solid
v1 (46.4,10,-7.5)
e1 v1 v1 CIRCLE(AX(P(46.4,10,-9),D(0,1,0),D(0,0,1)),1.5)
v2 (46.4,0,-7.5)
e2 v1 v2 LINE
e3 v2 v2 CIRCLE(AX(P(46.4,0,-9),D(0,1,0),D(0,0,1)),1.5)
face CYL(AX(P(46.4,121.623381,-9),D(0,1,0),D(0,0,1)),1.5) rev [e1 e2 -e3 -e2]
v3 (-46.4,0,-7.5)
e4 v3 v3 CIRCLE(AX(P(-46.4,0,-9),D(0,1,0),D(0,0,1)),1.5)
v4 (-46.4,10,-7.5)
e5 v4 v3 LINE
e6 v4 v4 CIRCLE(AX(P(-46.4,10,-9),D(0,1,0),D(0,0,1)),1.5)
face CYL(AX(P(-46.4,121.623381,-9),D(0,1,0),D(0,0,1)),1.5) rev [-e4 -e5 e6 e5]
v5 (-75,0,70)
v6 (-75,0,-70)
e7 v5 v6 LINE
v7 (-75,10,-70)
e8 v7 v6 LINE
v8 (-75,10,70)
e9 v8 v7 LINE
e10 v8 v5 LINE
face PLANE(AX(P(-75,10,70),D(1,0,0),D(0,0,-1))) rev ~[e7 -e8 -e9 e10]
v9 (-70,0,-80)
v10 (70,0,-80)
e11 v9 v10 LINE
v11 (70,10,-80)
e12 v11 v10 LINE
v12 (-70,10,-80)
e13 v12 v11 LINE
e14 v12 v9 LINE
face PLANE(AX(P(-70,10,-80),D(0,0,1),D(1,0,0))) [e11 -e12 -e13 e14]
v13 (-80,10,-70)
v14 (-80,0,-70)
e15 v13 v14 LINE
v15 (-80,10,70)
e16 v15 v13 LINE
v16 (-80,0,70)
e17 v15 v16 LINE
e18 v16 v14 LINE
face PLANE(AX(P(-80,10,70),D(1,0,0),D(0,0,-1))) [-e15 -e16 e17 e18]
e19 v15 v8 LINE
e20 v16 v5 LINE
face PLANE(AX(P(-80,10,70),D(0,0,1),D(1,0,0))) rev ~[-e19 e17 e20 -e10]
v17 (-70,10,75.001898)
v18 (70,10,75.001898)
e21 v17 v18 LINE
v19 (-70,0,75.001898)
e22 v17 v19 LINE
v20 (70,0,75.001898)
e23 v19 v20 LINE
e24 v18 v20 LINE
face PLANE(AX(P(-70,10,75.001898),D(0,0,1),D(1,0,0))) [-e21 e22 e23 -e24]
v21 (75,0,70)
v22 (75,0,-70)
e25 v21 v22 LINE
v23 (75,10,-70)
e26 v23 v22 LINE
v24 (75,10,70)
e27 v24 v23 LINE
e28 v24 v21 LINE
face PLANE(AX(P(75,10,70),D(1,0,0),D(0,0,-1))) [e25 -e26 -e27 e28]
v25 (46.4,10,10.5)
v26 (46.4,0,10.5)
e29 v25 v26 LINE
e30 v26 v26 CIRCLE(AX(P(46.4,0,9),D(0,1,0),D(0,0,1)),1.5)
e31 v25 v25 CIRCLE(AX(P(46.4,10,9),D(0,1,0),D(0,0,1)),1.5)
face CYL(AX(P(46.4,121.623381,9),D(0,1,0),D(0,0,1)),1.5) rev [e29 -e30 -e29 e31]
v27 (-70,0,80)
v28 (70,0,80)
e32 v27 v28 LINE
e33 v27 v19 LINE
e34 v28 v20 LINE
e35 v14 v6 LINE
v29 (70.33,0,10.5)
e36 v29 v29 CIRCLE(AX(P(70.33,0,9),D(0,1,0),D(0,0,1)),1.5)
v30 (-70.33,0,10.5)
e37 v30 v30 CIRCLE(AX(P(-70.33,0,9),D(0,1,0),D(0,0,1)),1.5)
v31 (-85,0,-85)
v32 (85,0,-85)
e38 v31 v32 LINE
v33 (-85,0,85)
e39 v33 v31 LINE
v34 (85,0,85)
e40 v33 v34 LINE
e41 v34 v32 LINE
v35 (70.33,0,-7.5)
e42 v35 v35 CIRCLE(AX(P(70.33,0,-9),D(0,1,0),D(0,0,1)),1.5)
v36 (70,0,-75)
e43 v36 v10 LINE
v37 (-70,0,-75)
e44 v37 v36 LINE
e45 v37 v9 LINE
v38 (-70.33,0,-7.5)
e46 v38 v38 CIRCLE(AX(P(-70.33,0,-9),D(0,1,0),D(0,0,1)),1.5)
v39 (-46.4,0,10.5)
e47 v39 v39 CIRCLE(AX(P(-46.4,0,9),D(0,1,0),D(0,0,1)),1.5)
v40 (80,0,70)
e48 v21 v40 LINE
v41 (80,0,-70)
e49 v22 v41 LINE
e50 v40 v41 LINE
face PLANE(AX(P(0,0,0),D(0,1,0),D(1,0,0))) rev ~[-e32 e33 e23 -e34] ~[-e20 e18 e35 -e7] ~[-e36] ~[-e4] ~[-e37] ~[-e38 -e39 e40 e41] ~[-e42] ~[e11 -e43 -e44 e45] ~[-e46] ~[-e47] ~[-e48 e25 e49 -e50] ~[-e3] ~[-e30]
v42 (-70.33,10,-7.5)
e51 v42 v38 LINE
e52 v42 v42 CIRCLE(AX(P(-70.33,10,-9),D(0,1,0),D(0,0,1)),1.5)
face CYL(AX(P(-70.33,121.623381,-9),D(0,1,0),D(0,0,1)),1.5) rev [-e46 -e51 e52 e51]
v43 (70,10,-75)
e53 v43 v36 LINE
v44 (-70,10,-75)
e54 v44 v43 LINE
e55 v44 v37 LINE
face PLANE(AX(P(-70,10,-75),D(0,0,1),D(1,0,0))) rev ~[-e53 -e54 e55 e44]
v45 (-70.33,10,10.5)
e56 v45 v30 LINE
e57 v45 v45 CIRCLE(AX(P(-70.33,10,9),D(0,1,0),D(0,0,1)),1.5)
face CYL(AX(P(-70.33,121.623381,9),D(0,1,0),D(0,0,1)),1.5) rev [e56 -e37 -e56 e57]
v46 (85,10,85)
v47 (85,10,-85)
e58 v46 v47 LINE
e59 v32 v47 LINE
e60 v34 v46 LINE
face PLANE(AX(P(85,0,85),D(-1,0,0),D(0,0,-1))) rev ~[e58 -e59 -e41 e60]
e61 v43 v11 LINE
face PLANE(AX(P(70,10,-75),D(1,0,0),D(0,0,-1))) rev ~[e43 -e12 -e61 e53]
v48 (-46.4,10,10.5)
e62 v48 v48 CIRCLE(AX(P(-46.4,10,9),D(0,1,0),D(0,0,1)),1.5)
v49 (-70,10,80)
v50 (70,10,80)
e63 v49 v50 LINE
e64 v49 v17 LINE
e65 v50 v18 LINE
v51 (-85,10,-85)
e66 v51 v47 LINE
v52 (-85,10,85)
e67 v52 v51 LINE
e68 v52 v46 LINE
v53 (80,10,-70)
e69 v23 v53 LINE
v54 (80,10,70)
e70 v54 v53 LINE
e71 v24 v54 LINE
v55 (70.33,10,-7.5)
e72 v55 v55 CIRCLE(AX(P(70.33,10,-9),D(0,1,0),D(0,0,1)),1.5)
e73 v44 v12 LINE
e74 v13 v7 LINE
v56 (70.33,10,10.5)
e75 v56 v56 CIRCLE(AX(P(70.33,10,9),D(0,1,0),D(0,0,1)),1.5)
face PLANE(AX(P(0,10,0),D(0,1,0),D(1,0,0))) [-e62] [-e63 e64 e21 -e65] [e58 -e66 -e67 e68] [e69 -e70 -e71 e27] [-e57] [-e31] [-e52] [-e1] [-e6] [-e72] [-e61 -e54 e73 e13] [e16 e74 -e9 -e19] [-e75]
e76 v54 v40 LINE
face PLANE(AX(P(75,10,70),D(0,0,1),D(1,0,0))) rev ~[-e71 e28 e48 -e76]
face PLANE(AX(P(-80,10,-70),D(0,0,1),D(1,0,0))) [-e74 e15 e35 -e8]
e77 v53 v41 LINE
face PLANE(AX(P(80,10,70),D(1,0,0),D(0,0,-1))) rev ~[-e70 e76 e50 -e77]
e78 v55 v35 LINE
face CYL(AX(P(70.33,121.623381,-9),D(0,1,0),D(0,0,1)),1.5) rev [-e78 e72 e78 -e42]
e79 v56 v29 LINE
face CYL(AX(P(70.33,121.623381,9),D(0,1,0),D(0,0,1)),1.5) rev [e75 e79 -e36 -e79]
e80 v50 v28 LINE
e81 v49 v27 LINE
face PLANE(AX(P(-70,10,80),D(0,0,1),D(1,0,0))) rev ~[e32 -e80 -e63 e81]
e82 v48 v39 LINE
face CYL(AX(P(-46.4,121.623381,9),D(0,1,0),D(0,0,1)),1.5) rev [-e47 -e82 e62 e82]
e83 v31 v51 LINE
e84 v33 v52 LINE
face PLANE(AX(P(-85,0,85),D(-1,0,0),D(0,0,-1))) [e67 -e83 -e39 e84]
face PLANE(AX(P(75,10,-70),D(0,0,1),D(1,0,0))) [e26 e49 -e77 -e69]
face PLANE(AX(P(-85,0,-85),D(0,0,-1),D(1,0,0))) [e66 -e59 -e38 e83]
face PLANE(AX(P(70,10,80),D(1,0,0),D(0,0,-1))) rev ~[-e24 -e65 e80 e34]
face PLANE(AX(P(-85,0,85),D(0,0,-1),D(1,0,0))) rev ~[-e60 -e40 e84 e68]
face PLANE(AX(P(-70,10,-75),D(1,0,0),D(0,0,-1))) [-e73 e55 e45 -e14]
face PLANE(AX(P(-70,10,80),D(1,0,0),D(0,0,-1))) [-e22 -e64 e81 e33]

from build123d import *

# Parameters (mm, degrees)
SKETCH2_W               = 170
SKETCH2_H               = 170
BOSS_EXTRUDE1_DEPTH     = 10
SKETCH3_W               = 5
SKETCH3_H               = 140
SKETCH3_W_2             = 140
SKETCH3_H_2             = 4.998101886
SKETCH3_H_3             = 5
CUT_EXTRUDE1_DEPTH      = 10
CUT_EXTRUDE2_DEPTH      = 121.623380818
CUT_EXTRUDE2_DEPTH_BACK = 121.623380818
SKETCH4_R               = 1.5


with BuildPart() as part:
    # Sketch2 → Boss-Extrude1 (new body)
    with BuildSketch(Plane(origin=(0, 0, 0), x_dir=(1, 0, 0), z_dir=(0, 1, 0))):
        Rectangle(SKETCH2_W, SKETCH2_H)
    extrude(amount=BOSS_EXTRUDE1_DEPTH)

    # Sketch3 → Cut-Extrude1 (cut)
    with BuildSketch(Plane(origin=(0, 10, 0), x_dir=(1, 0, 0), z_dir=(0, 1, 0))):
        with Locations((-77.5, 0)):
            Rectangle(SKETCH3_W, SKETCH3_H)
        with Locations((0, -77.500949057)):
            Rectangle(SKETCH3_W_2, SKETCH3_H_2)
        with Locations((77.5, 0)):
            Rectangle(SKETCH3_W, SKETCH3_H)
        with Locations((0, 77.5)):
            Rectangle(SKETCH3_W_2, SKETCH3_H_3)
    extrude(amount=-CUT_EXTRUDE1_DEPTH, mode=Mode.SUBTRACT)

    # Sketch4 → Cut-Extrude2 (cut, two sides: drawn at the far end of the back side and taken through both)
    with BuildSketch(Plane(origin=(0, 0, 0), x_dir=(-1, 0, 0), z_dir=(0, -1, 0)).offset(-CUT_EXTRUDE2_DEPTH_BACK)):
        with Locations(Location((-70.33, -9, 0), (0, 0, 270))):
            Circle(SKETCH4_R)
        with Locations(Location((-70.33, 9, 0), (0, 0, 270))):
            Circle(SKETCH4_R)
        with Locations(Location((70.33, 9, 0), (0, 0, 270))):
            Circle(SKETCH4_R)
        with Locations(Location((70.33, -9, 0), (0, 0, 270))):
            Circle(SKETCH4_R)
        with Locations(Location((46.4, 9, 0), (0, 0, 270))):
            Circle(SKETCH4_R)
        with Locations(Location((46.4, -9, 0), (0, 0, 270))):
            Circle(SKETCH4_R)
        with Locations(Location((-46.4, -9, 0), (0, 0, 270))):
            Circle(SKETCH4_R)
        with Locations(Location((-46.4, 9, 0), (0, 0, 270))):
            Circle(SKETCH4_R)
    extrude(amount=CUT_EXTRUDE2_DEPTH + CUT_EXTRUDE2_DEPTH_BACK, mode=Mode.SUBTRACT)


solid = part.part
